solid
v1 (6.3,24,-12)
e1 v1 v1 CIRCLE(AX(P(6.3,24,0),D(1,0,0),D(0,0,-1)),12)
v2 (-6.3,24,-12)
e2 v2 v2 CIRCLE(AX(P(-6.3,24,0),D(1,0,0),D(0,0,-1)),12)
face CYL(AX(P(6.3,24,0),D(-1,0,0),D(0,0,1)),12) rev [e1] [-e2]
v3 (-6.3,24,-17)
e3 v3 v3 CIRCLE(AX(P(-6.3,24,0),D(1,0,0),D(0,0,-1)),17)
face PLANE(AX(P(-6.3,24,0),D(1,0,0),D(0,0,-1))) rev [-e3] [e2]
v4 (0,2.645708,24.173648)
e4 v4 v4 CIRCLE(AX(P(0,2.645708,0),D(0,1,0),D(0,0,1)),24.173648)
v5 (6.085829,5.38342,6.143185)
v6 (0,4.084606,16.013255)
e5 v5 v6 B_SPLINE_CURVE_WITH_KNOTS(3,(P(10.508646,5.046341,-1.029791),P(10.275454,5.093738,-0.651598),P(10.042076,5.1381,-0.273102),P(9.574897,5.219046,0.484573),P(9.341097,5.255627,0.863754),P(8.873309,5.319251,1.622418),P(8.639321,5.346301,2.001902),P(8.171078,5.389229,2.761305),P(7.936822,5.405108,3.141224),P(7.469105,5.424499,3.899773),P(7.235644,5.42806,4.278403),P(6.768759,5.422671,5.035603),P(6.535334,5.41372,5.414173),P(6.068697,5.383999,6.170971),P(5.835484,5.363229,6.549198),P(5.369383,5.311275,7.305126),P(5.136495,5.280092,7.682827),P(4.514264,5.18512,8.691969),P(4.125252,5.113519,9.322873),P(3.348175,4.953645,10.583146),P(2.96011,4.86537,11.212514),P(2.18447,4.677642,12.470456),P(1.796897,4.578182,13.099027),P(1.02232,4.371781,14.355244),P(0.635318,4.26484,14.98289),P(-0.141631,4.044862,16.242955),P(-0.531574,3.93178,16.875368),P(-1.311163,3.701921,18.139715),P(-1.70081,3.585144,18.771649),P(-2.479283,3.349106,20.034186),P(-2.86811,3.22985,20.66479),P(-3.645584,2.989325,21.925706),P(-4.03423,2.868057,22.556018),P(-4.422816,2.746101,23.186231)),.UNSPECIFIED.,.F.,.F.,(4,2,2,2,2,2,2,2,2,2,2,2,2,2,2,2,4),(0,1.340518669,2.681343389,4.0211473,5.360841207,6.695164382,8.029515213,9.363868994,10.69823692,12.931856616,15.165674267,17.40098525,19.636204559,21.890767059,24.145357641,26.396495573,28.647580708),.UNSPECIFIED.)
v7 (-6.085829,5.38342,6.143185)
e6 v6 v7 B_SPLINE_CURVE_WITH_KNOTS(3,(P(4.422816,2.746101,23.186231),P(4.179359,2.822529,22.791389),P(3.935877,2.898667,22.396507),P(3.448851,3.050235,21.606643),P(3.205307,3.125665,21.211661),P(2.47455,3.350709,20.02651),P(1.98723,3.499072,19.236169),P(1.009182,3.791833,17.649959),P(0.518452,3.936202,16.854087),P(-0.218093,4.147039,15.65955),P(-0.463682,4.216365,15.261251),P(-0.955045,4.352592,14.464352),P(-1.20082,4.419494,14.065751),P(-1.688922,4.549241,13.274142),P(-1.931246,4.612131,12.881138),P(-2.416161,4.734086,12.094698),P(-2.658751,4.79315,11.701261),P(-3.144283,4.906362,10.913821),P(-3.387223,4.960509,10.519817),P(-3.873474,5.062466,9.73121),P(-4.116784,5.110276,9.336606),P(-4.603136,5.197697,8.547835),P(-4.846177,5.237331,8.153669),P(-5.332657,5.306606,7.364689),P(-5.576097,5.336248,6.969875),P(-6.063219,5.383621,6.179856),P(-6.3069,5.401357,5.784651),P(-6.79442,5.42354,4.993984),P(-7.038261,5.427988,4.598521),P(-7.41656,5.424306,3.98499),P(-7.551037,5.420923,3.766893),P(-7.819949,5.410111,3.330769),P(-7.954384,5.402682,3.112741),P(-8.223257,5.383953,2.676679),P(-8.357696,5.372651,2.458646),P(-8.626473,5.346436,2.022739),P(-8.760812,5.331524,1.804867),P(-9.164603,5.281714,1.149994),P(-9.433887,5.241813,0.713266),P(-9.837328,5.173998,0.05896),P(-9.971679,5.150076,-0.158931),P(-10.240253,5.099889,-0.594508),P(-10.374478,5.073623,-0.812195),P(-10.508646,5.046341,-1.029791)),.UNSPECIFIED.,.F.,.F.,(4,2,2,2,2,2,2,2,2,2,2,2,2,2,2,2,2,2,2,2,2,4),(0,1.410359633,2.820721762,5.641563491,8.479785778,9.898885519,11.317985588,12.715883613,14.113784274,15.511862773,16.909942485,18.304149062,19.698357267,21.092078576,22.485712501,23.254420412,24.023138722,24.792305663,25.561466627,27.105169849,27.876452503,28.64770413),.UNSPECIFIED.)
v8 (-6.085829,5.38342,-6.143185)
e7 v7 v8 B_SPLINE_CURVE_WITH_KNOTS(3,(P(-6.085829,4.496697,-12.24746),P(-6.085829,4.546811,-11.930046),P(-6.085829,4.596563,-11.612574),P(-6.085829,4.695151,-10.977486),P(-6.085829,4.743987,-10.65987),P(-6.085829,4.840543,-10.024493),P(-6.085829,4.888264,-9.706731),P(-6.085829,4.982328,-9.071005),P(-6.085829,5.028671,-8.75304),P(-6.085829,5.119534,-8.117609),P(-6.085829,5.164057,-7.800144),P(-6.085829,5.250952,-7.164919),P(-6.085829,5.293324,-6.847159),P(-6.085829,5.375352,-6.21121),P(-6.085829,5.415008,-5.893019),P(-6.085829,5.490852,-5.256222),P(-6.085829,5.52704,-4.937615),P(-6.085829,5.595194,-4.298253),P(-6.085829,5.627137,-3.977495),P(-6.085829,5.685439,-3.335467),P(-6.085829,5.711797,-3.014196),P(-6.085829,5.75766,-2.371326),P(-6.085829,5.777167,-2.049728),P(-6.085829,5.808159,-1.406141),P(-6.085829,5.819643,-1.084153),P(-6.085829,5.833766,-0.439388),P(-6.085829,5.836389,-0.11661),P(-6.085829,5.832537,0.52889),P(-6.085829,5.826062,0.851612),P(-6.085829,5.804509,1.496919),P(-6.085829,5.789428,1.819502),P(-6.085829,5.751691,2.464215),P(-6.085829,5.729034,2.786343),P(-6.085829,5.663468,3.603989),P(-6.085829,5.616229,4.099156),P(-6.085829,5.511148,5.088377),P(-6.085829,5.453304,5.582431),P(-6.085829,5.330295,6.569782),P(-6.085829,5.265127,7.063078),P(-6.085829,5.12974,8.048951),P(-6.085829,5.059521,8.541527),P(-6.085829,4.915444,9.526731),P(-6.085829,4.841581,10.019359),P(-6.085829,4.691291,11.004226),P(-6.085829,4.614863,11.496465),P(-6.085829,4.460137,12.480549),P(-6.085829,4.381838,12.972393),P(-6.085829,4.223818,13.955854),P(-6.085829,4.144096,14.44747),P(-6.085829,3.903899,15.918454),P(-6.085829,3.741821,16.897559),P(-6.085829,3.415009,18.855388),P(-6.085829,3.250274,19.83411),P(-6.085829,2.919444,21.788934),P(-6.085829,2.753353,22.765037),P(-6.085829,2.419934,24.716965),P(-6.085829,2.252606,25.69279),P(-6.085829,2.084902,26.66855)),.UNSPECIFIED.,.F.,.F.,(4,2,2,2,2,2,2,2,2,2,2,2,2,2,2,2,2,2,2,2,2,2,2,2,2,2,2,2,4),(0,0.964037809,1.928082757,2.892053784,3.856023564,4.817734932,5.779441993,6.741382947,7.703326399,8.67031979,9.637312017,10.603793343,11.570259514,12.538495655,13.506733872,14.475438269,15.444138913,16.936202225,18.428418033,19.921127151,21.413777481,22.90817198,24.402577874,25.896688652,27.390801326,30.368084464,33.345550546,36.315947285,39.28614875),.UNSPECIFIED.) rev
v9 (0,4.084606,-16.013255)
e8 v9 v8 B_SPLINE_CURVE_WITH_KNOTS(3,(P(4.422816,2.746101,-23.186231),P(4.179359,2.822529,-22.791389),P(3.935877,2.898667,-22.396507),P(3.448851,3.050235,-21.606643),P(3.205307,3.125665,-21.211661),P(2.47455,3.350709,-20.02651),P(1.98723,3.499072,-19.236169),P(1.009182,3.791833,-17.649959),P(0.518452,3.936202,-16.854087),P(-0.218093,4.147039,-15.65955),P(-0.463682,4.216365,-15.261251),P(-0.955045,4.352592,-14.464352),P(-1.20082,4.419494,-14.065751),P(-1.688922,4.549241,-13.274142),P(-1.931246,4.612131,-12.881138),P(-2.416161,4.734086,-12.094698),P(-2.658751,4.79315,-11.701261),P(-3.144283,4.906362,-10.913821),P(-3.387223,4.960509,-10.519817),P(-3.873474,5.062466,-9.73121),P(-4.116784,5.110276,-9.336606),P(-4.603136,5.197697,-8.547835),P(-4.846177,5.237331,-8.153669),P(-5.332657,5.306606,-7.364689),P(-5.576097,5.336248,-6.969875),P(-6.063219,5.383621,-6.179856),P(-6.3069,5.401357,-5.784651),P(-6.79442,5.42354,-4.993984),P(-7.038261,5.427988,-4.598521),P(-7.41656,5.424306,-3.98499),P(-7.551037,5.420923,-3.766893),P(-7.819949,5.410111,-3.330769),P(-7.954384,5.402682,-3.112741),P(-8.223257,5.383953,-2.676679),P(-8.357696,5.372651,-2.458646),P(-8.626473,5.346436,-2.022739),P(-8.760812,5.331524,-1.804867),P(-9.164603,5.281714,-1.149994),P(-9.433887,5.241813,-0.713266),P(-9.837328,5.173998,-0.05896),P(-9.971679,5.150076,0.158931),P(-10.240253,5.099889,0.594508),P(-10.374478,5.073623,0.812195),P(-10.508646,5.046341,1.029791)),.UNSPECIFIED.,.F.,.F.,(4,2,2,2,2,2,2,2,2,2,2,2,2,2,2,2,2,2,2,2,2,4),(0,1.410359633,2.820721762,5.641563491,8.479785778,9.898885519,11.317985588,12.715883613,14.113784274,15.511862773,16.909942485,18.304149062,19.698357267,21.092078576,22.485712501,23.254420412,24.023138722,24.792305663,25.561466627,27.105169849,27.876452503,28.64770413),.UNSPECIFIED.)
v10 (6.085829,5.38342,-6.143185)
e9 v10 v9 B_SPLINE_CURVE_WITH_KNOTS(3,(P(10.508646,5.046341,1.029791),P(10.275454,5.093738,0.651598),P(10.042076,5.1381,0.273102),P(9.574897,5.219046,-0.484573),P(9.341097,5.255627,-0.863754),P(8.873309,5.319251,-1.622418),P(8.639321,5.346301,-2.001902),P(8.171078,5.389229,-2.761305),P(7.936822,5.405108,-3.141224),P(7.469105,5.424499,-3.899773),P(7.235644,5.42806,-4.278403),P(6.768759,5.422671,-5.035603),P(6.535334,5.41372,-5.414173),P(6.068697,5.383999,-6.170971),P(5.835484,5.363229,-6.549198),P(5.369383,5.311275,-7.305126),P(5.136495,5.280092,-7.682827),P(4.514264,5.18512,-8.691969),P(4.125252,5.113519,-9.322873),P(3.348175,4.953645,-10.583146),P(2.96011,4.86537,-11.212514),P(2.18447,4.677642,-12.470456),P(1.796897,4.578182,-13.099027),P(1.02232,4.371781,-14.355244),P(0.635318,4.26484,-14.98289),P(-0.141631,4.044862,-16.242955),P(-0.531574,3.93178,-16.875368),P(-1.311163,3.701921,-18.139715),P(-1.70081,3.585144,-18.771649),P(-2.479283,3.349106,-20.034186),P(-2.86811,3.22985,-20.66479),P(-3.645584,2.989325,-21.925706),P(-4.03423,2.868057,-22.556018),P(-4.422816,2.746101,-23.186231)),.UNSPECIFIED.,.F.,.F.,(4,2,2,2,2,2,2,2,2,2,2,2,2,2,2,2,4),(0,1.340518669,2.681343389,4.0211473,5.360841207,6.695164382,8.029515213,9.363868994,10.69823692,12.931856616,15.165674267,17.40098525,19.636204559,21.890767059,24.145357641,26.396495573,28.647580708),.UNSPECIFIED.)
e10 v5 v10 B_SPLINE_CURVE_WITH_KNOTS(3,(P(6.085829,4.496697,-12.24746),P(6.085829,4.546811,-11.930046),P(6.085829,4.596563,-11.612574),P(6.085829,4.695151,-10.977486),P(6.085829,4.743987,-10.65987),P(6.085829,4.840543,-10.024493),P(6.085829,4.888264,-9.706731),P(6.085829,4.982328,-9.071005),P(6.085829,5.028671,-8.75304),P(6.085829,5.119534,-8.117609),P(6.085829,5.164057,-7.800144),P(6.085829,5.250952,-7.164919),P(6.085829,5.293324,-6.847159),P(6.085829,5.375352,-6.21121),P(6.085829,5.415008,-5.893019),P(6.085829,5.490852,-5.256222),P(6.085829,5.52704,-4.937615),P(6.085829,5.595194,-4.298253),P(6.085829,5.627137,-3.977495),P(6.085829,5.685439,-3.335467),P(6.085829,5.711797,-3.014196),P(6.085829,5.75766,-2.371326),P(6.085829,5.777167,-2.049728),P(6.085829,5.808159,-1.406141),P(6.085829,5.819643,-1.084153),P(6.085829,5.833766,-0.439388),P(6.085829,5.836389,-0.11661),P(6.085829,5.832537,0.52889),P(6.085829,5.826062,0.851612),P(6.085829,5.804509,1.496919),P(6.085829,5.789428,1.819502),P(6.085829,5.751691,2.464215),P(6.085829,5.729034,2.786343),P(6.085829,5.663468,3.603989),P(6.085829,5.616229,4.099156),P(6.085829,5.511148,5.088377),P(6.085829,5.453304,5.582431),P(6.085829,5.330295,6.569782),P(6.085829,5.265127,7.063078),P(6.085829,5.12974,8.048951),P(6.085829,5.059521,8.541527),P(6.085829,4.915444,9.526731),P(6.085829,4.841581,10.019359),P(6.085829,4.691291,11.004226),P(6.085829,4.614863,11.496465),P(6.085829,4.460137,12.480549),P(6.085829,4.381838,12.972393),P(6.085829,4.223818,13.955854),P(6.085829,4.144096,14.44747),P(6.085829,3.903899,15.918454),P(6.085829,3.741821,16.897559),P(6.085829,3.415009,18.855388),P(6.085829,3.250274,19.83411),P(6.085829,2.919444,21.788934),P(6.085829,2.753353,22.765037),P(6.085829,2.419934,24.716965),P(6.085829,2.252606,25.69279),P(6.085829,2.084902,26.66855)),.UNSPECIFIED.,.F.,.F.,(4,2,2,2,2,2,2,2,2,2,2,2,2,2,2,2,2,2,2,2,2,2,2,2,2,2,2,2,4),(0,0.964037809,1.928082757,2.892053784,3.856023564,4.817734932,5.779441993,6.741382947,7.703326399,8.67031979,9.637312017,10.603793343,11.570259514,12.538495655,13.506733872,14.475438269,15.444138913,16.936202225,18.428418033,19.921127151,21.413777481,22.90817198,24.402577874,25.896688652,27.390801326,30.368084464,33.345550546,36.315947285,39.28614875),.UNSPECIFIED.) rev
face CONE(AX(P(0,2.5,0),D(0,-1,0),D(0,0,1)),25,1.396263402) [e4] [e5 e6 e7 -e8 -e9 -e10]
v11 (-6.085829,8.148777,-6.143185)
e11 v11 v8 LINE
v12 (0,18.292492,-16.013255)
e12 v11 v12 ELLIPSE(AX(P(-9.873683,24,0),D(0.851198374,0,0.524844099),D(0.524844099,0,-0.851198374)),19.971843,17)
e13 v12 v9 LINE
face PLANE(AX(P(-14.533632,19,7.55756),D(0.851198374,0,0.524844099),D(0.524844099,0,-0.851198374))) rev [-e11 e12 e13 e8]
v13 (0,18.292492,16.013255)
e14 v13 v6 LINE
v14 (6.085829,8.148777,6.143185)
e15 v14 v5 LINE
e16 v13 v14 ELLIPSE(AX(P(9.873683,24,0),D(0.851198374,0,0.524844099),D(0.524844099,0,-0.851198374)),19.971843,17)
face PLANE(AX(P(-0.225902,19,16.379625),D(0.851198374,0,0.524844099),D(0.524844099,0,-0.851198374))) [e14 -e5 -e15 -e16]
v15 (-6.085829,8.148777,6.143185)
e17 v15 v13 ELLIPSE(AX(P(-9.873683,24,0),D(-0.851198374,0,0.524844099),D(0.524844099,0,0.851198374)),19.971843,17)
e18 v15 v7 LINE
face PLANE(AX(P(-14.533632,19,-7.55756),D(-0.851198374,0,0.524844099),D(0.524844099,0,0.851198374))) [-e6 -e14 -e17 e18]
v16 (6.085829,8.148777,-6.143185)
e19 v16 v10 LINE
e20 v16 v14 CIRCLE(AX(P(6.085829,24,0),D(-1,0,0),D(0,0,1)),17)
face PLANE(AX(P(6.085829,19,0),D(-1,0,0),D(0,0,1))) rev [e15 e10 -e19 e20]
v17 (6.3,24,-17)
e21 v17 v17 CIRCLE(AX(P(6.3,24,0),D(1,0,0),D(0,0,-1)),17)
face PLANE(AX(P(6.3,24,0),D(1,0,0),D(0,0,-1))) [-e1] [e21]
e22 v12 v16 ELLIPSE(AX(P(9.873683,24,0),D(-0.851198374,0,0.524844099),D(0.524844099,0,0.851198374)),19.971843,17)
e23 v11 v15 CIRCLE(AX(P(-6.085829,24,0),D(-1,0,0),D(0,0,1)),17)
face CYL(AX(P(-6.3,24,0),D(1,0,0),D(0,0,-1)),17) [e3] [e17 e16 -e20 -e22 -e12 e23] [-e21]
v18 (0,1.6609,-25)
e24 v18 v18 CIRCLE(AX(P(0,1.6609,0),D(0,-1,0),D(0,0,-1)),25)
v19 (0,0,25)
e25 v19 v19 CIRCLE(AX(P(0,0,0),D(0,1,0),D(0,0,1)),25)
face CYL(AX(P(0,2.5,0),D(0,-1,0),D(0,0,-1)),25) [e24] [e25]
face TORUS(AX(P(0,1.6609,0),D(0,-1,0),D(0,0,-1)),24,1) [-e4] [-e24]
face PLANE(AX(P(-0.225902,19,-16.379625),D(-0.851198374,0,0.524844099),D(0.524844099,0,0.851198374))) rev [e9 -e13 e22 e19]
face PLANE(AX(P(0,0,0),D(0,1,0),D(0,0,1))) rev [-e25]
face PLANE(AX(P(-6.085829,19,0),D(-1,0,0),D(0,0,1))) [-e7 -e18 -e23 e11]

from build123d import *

# Parameters (mm, degrees)
SKETCH1_R                 = 25
BOSS_EXTRUDE1_DEPTH       = 2.5
FILLET1_R                 = 1
BOSS_EXTRUDE9_DEPTH       = 15
BOSS_EXTRUDE11_DEPTH      = 6.3
BOSS_EXTRUDE11_DEPTH_BACK = 6.3
SKETCH5_R                 = 17
CUT_EXTRUDE3_DEPTH        = 6.3
CUT_EXTRUDE3_DEPTH_BACK   = 6.3
SKETCH6_R                 = 12


with BuildPart() as part:
    # Sketch1 → Boss-Extrude1 (new body)
    with BuildSketch(Plane(origin=(0, 0, 0), x_dir=(1, 0, 0), z_dir=(0, 1, 0))):
        with Locations(Location((0, 0, 0), (0, 0, 270))):
            Circle(SKETCH1_R)
    extrude(amount=BOSS_EXTRUDE1_DEPTH)

    # Boss-Extrude3 cone 1 section (through the dimple's axis) → Boss-Extrude3 (revolve)
    with BuildSketch(Plane(origin=(0, 2.5, 0), x_dir=(0, 0, -1), z_dir=(1, 0, 0))):
        Polygon((0, 0), (25, 0), (0, 4.408174518), align=None)
    revolve(axis=Axis((0, 2.5, 0), (0, 1, 0)))

    # Fillet1
    fillet1_edges = [part.edges().sort_by_distance(p)[0] for p in [
        (-25, 2.5, 0),
    ]]
    fillet(fillet1_edges, radius=FILLET1_R)

    # Sketch4 → Boss-Extrude9 (add)
    with BuildSketch(Plane(origin=(0, 4, 0), x_dir=(-1, 0, 0), z_dir=(0, 1, 0))):
        Polygon((-6.085829464, 6.143185176), (0, 16.013255457), (6.085829464, 6.143185176), (6.085829464, -6.143185176), (0, -16.013255457), (-6.085829464, -6.143185176), align=None)
    extrude(amount=BOSS_EXTRUDE9_DEPTH)

    # Sketch5 → Boss-Extrude11 (add, two sides: drawn at the far end of the back side and taken through both)
    with BuildSketch(Plane(origin=(0, 0, 0), x_dir=(0, 0, -1), z_dir=(1, 0, 0)).offset(-BOSS_EXTRUDE11_DEPTH_BACK)):
        with Locations((0, 24)):
            Circle(SKETCH5_R)
    extrude(amount=BOSS_EXTRUDE11_DEPTH + BOSS_EXTRUDE11_DEPTH_BACK)

    # Sketch6 → Cut-Extrude3 (cut, two sides: drawn at the far end of the back side and taken through both)
    with BuildSketch(Plane(origin=(0, 0, 0), x_dir=(0, 0, -1), z_dir=(1, 0, 0)).offset(-CUT_EXTRUDE3_DEPTH_BACK)):
        with Locations((0, 24)):
            Circle(SKETCH6_R)
    extrude(amount=CUT_EXTRUDE3_DEPTH + CUT_EXTRUDE3_DEPTH_BACK, mode=Mode.SUBTRACT)


solid = part.part
